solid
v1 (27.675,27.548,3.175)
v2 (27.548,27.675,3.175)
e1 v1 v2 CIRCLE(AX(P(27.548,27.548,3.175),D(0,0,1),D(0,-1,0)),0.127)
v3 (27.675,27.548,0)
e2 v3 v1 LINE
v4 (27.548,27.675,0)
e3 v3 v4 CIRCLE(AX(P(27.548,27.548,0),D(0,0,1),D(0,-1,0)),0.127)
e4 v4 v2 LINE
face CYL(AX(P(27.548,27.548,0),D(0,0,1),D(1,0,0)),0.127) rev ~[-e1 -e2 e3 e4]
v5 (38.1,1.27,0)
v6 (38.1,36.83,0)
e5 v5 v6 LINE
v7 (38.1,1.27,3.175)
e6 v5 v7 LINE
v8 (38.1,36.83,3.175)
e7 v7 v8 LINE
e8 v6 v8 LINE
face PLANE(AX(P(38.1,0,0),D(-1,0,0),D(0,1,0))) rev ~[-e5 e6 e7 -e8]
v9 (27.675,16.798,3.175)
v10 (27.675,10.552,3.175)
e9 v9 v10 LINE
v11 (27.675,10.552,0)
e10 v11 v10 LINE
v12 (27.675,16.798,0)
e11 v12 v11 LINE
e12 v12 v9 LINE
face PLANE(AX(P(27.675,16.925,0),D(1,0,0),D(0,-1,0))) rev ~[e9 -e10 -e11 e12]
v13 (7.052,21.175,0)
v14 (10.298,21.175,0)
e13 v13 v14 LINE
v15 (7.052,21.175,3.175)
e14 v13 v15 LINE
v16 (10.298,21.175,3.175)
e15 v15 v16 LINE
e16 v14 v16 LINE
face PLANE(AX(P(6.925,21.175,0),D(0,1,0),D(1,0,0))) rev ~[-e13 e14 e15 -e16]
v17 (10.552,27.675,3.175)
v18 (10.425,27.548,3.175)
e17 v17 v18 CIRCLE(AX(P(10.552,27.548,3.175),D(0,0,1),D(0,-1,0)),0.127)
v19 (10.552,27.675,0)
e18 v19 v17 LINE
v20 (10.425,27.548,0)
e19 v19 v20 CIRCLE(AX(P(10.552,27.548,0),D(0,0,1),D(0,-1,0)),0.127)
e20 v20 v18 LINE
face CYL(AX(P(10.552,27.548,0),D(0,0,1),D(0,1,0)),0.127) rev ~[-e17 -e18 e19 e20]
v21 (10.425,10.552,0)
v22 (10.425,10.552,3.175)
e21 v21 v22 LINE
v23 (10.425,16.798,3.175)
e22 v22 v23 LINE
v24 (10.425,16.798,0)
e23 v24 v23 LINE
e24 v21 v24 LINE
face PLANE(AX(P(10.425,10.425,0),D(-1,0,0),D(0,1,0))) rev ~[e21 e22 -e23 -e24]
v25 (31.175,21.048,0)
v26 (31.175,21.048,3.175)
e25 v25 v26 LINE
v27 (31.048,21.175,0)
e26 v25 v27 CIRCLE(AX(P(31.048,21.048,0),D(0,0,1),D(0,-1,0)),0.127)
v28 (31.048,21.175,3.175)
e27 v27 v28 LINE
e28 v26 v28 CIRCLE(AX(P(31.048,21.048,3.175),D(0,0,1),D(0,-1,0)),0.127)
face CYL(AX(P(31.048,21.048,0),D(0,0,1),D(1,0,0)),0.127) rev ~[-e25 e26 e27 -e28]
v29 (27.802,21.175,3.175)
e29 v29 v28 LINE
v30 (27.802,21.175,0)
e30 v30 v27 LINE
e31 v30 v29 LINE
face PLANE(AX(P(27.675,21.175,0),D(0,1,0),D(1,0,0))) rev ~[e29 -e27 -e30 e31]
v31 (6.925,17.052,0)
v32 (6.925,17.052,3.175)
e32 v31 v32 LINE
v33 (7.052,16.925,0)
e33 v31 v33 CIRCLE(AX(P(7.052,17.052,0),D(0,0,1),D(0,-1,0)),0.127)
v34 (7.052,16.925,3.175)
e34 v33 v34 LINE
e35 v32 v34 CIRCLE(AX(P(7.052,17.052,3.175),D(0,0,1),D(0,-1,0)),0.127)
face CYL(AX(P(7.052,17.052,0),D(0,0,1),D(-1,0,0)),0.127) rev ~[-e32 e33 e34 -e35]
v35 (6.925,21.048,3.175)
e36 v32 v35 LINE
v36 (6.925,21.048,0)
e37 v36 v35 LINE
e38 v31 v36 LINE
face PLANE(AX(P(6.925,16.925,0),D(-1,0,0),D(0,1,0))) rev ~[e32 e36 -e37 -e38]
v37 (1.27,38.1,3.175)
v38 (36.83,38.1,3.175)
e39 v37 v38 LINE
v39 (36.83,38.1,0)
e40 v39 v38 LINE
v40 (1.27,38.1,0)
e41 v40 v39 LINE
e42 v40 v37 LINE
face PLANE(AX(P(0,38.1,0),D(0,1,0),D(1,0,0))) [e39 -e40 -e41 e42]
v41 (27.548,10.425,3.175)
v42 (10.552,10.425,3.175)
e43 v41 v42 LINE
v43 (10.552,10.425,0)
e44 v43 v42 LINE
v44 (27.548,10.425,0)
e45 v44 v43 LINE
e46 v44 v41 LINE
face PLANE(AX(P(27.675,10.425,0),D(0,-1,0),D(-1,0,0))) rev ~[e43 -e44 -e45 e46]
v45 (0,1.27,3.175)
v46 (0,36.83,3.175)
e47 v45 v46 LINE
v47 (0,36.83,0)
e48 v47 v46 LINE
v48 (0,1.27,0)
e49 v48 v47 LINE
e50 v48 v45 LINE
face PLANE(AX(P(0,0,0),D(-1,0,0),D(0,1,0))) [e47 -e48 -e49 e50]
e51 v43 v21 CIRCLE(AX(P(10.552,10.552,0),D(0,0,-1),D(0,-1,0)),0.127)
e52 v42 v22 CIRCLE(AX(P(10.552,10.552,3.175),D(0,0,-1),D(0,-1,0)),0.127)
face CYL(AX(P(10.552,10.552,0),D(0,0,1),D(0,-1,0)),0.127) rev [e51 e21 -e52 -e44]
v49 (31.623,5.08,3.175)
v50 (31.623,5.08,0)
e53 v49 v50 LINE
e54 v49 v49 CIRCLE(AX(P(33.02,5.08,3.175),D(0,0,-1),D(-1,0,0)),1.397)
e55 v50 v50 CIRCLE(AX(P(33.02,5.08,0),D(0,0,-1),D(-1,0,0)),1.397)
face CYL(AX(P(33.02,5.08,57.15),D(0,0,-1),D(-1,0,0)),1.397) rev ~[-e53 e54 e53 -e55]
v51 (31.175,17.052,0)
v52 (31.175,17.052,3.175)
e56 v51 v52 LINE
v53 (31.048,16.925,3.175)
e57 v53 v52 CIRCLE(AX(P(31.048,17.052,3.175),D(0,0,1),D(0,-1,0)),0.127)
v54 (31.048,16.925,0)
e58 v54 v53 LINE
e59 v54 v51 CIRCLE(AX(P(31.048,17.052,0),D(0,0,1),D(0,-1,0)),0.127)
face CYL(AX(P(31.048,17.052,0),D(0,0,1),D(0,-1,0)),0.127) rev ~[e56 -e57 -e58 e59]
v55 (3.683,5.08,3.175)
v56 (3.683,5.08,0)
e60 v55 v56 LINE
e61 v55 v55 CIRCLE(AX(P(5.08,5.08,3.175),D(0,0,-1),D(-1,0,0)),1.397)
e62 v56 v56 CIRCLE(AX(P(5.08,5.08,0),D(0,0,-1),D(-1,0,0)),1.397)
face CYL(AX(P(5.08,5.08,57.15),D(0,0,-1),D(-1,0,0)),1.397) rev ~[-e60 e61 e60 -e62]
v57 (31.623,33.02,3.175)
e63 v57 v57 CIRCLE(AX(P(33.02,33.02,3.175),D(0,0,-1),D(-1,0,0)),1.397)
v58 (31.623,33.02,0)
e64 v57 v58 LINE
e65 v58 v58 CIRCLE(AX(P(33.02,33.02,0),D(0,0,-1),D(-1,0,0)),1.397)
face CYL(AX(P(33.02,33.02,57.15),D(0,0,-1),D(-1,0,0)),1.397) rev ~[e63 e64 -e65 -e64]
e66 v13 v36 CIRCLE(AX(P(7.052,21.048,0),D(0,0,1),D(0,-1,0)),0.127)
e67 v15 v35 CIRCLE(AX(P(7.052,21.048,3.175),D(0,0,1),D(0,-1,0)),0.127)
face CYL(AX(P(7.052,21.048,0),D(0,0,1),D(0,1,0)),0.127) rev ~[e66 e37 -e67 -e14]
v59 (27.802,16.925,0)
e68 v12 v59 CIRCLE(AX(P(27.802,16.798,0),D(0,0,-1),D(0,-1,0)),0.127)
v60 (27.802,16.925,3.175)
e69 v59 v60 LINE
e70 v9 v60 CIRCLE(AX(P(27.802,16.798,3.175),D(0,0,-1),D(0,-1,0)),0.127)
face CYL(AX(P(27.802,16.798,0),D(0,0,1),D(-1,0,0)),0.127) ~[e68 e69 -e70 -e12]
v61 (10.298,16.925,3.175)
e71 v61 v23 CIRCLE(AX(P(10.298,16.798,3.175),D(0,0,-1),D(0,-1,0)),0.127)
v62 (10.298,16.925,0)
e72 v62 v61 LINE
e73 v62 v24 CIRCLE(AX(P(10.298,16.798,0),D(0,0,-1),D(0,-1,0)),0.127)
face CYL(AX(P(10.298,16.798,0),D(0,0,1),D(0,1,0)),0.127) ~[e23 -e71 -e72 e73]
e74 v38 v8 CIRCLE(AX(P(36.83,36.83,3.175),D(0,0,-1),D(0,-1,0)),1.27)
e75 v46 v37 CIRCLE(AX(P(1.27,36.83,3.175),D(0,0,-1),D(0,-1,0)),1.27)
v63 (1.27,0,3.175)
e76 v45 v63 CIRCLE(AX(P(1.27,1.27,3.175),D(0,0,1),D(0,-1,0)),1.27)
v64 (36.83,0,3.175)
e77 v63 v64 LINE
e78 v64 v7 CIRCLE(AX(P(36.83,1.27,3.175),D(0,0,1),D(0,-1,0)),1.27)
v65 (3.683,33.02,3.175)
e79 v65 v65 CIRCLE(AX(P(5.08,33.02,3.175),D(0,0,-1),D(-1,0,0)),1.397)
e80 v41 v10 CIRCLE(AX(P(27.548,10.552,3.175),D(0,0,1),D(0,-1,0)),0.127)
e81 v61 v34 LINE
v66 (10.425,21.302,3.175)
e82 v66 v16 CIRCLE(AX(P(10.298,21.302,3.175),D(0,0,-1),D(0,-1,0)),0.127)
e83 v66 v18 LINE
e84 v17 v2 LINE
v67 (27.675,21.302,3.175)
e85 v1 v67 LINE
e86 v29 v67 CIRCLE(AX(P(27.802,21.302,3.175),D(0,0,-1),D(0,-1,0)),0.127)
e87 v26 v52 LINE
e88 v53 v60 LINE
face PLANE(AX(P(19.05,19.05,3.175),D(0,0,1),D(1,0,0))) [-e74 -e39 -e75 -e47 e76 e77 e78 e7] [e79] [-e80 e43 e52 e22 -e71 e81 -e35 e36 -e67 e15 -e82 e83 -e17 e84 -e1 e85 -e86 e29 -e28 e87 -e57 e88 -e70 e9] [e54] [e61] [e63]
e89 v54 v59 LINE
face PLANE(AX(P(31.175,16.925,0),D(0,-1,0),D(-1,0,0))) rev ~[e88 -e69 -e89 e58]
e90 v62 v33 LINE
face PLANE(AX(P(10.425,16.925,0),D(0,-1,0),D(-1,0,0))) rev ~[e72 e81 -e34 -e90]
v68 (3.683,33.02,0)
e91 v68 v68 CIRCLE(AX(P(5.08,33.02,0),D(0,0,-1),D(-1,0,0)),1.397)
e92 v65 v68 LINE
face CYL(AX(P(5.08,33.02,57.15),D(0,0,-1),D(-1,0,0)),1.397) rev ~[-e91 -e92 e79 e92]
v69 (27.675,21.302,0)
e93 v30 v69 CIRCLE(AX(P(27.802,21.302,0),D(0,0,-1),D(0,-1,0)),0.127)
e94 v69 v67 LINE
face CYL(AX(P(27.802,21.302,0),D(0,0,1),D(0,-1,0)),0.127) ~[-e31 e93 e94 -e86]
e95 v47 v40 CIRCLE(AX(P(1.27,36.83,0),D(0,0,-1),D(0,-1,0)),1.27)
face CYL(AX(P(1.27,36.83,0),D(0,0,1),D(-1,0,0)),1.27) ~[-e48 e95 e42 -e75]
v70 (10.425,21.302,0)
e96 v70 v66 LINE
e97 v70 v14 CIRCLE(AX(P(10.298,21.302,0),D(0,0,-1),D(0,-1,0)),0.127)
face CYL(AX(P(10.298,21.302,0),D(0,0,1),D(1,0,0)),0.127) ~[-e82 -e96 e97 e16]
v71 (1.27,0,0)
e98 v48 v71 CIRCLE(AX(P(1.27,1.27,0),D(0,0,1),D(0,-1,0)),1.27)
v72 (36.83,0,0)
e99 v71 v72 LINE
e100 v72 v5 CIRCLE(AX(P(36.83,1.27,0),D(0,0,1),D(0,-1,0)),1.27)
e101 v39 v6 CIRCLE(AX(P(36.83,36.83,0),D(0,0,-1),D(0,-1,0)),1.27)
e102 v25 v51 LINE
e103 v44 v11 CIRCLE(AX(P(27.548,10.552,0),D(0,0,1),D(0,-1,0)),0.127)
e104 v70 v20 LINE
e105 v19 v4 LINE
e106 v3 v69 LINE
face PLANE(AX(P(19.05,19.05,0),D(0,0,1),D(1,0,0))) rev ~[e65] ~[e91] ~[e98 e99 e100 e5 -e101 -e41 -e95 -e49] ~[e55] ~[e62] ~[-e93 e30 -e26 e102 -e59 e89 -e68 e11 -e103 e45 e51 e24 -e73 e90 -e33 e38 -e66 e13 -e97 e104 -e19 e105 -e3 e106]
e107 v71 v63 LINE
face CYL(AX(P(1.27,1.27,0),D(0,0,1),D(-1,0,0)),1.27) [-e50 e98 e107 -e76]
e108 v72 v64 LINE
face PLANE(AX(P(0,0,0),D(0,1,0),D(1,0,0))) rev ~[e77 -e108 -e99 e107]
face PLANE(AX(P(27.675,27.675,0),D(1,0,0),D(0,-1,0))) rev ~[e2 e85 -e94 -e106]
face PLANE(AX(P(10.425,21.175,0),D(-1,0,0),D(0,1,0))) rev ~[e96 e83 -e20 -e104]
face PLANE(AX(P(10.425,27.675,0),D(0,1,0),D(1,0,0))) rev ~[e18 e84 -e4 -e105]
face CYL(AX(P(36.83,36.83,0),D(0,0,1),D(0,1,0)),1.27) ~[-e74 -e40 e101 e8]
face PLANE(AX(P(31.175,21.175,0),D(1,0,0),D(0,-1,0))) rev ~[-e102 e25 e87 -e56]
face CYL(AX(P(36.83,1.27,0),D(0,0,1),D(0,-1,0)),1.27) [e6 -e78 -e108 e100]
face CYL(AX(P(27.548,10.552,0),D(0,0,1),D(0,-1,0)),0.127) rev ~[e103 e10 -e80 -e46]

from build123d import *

# Parameters (mm, degrees)
SKETCH1_W             = 38.1
SKETCH1_H             = 38.1
BOSS_EXTRUDE1_DEPTH   = 3.175
FILLET1_R             = 1.27
FILLET2_R             = 0.127
F_3_CLEARANCE_HOLE1_D = 2.794


with BuildPart() as part:
    # Sketch1 → Boss-Extrude1 (new body)
    with BuildSketch(Plane.XY):
        with Locations((19.05, 19.05)):
            Rectangle(SKETCH1_W, SKETCH1_H)
        Polygon((10.425, 10.425), (10.425, 16.925), (6.925, 16.925), (6.925, 21.175), (10.425, 21.175), (10.425, 27.675), (27.675, 27.675), (27.675, 21.175), (31.175, 21.175), (31.175, 16.925), (27.675, 16.925), (27.675, 10.425), align=None, mode=Mode.SUBTRACT)
    extrude(amount=BOSS_EXTRUDE1_DEPTH)

    # Fillet1
    fillet1_edges = [part.edges().sort_by_distance(p)[0] for p in [
        (0, 38.1, 1.5875),
        (38.1, 38.1, 1.5875),
        (38.1, 0, 1.5875),
        (0, 0, 1.5875),
    ]]
    fillet(fillet1_edges, radius=FILLET1_R)

    # Fillet2
    fillet2_edges = [part.edges().sort_by_distance(p)[0] for p in [
        (10.425, 10.425, 1.5875),
        (27.675, 10.425, 1.5875),
        (27.675, 16.925, 1.5875),
        (31.175, 16.925, 1.5875),
        (31.175, 21.175, 1.5875),
        (27.675, 21.175, 1.5875),
        (27.675, 27.675, 1.5875),
        (10.425, 27.675, 1.5875),
        (10.425, 21.175, 1.5875),
        (6.925, 21.175, 1.5875),
        (6.925, 16.925, 1.5875),
        (10.425, 16.925, 1.5875),
    ]]
    fillet(fillet2_edges, radius=FILLET2_R)

    # #3 Clearance Hole1 (through all)
    with Locations(Plane.XY.offset(3.175)):
        with Locations((5.08, 33.02), (33.02, 33.02), (33.02, 5.08), (5.08, 5.08)):
            Hole(F_3_CLEARANCE_HOLE1_D / 2)


solid = part.part
